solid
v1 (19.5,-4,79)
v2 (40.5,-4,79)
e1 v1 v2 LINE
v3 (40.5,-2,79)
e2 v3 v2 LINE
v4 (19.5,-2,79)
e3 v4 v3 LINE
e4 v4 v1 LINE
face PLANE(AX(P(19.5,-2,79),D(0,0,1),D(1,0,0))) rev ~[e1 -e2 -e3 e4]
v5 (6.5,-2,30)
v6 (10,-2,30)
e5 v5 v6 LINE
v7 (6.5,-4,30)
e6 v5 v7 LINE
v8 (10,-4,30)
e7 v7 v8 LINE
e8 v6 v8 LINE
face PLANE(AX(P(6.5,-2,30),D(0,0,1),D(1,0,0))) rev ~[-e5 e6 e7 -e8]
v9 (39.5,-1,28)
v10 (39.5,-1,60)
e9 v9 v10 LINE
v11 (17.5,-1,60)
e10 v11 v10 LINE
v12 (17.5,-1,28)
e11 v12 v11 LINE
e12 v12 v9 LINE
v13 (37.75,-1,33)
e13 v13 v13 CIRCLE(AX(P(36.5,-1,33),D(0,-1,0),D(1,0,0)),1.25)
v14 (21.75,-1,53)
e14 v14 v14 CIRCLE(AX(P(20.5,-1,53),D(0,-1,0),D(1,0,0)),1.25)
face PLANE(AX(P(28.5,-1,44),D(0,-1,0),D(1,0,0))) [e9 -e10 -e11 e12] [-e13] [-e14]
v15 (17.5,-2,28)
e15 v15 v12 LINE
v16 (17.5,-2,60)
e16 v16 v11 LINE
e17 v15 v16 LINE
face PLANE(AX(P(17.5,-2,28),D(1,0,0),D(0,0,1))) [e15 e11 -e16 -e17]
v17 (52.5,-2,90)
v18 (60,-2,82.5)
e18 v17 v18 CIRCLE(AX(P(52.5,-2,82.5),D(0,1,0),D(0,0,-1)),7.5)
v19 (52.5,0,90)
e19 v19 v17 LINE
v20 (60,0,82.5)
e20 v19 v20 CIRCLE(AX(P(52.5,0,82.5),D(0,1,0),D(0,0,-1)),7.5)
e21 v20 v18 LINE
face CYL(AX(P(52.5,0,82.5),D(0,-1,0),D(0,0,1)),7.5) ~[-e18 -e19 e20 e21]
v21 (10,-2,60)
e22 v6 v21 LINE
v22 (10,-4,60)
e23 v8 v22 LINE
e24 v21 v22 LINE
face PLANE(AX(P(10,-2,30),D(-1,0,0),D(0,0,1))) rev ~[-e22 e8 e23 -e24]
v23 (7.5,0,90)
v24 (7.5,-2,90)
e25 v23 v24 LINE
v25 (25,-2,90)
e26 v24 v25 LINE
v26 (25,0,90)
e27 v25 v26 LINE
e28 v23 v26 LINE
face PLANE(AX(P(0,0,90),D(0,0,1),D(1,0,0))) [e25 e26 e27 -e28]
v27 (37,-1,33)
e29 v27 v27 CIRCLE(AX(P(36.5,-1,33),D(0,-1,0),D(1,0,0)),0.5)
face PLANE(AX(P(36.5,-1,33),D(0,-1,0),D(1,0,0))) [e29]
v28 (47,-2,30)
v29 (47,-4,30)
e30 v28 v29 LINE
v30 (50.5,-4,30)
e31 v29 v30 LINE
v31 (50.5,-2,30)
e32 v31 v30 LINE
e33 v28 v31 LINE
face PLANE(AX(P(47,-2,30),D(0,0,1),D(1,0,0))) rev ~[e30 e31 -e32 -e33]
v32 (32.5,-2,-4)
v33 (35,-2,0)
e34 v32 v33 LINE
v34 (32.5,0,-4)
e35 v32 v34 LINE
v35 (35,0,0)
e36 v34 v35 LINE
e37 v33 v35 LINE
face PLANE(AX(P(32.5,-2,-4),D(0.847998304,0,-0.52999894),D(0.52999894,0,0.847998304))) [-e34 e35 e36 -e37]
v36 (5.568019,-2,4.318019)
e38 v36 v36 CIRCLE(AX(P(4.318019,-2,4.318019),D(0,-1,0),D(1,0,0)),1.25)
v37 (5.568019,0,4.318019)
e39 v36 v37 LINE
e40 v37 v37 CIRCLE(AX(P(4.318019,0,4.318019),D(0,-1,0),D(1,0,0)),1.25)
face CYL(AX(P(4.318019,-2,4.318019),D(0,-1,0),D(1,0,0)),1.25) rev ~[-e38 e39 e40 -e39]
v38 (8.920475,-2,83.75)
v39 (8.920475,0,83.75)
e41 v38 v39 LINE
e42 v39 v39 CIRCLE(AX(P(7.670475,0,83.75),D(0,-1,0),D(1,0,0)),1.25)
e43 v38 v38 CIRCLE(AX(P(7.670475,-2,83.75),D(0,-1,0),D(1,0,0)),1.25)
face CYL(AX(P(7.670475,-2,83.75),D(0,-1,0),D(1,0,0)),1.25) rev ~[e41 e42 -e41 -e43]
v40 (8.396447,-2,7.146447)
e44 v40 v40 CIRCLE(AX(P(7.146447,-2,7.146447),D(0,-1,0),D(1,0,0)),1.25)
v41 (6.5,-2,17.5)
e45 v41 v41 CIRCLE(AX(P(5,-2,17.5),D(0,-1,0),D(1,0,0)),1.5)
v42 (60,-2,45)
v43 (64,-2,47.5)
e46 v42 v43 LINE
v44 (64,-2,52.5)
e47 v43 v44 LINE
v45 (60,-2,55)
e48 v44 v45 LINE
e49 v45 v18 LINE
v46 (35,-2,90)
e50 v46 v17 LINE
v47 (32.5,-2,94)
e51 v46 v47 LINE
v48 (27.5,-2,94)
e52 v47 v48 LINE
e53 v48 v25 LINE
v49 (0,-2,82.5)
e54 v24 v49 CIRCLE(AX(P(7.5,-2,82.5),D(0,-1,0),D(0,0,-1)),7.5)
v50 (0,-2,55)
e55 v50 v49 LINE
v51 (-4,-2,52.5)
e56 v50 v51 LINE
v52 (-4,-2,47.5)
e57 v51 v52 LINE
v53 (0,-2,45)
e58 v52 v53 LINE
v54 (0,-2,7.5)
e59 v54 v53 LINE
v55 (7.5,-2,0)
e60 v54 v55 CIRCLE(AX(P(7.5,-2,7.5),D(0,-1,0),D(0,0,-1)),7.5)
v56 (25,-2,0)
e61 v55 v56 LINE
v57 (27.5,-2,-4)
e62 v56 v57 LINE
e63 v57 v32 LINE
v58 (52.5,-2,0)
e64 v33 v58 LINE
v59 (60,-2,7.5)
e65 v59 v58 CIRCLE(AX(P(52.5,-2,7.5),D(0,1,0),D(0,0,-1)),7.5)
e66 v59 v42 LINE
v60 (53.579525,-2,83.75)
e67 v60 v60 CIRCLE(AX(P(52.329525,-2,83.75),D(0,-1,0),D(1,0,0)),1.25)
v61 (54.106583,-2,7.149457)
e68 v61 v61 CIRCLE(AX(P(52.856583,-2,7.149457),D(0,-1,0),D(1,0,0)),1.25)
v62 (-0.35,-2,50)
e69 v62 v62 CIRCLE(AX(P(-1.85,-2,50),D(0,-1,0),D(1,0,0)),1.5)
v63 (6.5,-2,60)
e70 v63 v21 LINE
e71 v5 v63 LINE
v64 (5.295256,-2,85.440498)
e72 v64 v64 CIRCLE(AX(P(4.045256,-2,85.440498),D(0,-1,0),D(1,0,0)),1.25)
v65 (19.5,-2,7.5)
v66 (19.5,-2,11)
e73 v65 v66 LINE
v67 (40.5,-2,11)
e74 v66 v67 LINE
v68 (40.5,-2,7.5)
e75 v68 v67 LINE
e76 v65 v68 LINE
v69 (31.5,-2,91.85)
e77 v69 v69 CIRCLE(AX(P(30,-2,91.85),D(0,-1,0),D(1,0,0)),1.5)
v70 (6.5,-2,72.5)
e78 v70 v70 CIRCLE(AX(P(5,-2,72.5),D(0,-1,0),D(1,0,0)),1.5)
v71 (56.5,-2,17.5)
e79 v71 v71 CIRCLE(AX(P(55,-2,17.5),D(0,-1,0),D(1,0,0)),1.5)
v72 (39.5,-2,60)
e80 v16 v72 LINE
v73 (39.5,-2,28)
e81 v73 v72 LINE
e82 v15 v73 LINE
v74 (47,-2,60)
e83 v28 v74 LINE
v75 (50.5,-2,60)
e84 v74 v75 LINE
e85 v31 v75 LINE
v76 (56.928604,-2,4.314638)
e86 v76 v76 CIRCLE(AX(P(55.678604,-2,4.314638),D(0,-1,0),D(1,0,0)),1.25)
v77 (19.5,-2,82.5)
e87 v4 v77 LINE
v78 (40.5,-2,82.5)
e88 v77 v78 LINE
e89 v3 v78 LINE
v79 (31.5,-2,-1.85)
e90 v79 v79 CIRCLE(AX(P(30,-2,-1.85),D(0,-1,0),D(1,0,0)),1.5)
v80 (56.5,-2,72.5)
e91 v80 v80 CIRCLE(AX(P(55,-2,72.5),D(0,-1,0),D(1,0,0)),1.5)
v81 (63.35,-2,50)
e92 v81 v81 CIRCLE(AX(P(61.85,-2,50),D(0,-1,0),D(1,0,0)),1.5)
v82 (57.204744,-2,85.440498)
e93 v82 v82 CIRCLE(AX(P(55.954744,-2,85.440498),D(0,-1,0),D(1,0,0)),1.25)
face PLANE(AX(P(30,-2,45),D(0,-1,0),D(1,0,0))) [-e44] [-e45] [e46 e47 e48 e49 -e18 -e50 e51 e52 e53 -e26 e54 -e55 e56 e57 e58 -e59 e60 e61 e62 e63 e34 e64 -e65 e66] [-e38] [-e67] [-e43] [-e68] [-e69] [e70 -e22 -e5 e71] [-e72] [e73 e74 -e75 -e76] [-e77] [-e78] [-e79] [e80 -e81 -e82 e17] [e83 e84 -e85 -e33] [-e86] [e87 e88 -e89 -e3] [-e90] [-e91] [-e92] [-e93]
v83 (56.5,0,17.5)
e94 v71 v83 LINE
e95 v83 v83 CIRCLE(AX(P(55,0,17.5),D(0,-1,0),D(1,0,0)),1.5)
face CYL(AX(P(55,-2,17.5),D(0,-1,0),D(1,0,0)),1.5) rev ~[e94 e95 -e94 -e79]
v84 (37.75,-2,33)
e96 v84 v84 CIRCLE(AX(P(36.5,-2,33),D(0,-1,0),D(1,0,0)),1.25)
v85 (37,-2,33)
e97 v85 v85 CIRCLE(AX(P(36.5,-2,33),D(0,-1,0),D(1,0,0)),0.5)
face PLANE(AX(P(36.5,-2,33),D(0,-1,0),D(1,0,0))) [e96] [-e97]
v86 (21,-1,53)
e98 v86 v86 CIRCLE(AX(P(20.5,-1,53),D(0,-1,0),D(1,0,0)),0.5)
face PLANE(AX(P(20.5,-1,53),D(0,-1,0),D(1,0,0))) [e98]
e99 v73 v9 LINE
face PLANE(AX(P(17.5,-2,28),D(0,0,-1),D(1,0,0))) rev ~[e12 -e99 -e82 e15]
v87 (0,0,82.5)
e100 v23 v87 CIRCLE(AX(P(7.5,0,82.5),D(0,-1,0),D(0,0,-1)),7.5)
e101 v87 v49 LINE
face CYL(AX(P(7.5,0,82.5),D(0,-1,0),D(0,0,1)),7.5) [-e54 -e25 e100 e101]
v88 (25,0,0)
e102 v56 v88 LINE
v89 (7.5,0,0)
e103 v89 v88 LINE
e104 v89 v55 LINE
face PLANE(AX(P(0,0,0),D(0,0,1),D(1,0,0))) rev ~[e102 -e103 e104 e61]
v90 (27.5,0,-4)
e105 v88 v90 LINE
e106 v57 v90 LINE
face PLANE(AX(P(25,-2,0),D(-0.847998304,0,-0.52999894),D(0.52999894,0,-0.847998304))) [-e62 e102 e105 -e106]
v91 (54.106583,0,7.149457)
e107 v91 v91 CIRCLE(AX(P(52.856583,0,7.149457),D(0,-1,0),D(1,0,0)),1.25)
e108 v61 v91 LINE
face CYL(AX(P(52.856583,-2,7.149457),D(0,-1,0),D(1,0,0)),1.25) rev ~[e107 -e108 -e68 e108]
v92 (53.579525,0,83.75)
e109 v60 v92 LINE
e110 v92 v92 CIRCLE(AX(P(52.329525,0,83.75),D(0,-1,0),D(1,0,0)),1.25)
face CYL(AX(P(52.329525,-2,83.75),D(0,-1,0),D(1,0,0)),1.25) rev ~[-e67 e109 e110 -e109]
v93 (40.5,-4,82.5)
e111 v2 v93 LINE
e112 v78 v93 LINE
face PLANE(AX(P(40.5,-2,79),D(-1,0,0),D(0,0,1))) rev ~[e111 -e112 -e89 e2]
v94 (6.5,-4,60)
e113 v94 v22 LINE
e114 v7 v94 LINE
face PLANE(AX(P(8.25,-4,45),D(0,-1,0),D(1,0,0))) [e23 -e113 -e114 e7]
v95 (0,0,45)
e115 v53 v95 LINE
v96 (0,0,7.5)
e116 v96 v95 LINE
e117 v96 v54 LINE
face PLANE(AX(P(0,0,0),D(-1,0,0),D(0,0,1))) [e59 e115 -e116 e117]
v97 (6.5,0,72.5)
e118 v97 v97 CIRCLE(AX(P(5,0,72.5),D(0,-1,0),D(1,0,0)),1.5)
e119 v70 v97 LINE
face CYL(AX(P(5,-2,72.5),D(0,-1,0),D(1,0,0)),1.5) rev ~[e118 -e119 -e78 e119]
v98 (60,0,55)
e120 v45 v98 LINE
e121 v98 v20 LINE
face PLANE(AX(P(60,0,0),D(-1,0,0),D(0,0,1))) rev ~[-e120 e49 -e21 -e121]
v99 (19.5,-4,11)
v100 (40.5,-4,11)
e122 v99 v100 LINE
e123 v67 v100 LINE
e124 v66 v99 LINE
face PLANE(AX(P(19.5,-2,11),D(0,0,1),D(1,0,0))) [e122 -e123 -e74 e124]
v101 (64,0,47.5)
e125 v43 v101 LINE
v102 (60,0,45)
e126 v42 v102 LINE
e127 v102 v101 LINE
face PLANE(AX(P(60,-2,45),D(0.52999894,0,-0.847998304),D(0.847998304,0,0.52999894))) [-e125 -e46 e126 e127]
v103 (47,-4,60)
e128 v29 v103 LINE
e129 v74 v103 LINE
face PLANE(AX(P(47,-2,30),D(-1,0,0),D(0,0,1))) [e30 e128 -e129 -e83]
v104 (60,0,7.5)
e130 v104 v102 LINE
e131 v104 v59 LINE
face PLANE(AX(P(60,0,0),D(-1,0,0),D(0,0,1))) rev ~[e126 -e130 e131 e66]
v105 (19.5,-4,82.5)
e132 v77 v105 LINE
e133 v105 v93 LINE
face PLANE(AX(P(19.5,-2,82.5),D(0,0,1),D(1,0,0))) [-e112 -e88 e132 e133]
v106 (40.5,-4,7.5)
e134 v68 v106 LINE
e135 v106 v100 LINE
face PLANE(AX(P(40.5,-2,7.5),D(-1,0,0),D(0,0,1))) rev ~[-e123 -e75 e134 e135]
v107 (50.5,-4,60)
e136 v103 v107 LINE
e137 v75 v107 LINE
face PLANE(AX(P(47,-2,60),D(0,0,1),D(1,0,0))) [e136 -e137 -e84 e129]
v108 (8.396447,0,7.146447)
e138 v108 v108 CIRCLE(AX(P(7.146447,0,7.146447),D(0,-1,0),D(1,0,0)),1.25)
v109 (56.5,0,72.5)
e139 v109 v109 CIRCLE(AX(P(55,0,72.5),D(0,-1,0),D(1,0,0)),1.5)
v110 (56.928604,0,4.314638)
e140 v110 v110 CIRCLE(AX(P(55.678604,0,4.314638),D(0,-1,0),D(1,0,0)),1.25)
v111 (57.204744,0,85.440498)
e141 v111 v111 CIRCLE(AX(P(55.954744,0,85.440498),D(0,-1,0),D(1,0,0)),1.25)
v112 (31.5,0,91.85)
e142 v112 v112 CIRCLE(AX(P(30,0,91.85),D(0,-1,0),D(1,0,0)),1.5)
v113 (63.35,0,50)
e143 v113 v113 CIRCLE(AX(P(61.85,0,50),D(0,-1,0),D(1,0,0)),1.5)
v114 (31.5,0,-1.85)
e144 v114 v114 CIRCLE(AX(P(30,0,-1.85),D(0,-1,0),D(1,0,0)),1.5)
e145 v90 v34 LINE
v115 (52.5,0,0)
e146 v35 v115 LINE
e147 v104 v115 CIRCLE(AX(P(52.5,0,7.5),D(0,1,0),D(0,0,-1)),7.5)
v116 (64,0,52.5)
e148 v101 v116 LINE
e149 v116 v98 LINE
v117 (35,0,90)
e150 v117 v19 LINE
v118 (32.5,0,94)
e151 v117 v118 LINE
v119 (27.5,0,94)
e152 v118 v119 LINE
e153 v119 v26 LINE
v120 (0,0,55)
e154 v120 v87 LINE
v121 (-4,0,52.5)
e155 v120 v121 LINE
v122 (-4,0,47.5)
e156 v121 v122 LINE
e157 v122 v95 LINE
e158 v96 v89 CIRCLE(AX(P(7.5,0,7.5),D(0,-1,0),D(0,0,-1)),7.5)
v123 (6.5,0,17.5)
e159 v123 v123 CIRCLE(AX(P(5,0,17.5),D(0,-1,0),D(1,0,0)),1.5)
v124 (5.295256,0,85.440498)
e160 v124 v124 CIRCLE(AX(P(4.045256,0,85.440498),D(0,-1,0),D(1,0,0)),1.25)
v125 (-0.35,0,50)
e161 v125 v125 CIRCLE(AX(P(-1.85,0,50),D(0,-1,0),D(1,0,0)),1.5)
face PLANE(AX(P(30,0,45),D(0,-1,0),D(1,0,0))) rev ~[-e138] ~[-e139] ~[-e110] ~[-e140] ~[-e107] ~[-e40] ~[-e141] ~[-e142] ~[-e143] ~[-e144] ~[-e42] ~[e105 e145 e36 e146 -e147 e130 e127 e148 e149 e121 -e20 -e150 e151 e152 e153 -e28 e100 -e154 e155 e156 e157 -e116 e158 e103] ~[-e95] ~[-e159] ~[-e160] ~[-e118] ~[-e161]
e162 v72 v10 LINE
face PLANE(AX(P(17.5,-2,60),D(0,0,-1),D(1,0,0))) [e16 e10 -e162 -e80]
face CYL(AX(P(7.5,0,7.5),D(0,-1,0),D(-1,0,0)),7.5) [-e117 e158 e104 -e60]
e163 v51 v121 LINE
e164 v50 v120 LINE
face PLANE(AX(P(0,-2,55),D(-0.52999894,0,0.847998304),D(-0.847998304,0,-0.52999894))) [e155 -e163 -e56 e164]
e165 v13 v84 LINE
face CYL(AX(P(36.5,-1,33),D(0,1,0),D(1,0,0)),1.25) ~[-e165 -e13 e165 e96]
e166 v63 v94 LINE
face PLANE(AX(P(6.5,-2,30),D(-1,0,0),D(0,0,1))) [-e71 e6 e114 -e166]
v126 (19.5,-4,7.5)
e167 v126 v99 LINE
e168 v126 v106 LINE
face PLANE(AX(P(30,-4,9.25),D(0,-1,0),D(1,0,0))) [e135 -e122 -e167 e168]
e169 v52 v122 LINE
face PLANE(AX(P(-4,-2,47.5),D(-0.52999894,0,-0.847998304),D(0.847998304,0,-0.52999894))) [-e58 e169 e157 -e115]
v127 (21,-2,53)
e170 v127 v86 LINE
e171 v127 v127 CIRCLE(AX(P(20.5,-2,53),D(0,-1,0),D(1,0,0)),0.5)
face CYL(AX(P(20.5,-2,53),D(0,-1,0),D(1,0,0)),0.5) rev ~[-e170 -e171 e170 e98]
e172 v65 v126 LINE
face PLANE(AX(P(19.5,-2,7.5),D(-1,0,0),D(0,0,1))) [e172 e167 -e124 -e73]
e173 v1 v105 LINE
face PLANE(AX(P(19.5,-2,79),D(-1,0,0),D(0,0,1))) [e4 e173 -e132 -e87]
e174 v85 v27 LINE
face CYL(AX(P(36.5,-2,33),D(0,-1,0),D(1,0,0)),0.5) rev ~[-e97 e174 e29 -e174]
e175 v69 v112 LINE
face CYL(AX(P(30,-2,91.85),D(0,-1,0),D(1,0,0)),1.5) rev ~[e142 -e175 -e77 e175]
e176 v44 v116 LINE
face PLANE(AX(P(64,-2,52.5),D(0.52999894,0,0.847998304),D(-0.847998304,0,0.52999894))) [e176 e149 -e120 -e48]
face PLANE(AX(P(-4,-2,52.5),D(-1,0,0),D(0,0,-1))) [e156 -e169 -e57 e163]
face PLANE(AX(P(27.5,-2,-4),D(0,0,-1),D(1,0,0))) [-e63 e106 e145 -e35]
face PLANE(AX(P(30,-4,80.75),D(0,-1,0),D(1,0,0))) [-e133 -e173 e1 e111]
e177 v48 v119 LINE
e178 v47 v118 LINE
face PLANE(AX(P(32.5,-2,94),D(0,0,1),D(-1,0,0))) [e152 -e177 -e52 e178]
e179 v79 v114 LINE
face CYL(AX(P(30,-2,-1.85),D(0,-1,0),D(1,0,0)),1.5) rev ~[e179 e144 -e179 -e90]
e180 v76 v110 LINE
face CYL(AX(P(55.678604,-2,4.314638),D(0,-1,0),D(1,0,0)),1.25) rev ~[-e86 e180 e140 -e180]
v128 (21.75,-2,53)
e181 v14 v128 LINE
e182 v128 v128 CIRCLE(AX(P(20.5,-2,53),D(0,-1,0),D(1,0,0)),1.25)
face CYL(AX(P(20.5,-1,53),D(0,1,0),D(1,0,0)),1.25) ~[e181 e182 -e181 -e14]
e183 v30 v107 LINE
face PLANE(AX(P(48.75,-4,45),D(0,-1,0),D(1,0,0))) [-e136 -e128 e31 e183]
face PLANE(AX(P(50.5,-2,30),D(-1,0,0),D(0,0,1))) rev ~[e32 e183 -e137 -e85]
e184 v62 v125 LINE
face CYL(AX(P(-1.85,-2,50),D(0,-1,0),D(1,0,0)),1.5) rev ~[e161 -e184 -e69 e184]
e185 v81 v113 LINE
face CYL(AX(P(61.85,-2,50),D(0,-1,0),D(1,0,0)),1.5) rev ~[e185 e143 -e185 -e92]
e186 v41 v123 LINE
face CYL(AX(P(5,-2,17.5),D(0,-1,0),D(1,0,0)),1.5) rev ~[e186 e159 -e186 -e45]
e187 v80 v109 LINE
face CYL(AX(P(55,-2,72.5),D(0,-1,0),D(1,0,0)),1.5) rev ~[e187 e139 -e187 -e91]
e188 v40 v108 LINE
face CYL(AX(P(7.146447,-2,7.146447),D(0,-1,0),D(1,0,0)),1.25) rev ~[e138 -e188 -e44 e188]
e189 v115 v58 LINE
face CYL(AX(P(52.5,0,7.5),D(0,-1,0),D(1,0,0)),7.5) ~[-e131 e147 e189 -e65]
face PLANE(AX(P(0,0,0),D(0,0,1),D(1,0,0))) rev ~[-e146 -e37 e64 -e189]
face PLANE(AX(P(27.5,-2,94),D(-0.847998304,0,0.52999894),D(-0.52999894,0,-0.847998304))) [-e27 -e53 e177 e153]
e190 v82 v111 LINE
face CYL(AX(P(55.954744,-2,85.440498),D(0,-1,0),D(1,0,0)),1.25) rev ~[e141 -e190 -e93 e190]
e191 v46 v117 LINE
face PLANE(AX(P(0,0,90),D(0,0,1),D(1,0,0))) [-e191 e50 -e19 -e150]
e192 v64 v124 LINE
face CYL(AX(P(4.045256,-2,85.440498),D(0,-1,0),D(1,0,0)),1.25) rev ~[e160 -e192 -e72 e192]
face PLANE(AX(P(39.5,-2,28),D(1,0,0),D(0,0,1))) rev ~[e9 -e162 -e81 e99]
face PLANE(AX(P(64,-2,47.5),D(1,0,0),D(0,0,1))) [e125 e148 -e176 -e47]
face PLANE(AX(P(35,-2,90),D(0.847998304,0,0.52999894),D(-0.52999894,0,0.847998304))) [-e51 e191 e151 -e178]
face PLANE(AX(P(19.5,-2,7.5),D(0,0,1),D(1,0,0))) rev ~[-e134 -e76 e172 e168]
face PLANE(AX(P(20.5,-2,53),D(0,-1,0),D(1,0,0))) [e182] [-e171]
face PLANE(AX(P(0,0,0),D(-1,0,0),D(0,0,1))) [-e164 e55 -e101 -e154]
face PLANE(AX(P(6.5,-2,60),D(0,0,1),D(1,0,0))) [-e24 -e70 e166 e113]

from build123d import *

# Parameters (mm, degrees)
F0_W      = 60
F0_H      = 90
F1_DEPTH  = 2
F2_W      = 22
F2_H      = 32
F3_DEPTH  = 1
F4_R      = 1.25
F5_DEPTH  = 1
F6_R      = 0.5
F7_DEPTH  = 1
F8_R      = 7.5
F9_R      = 7.5
F11_DEPTH = 2
F12_R     = 1.5
F13_DEPTH = 3
F14_W     = 3.5
F14_H     = 30
F15_DEPTH = 2
F16_W     = 21
F16_H     = 3.5
F17_DEPTH = 2
F18_W     = 21
F18_H     = 3.5
F19_DEPTH = 2
F20_R     = 1.25
F21_DEPTH = 25
F22_R     = 1.5
F23_DEPTH = 25


with BuildPart() as f1:
    # F0 (on Front) → F1 (new body)
    with BuildSketch(Plane.XZ):
        with Locations((30, 45)):
            Rectangle(F0_W, F0_H)
    extrude(amount=F1_DEPTH)

    # F2 (on face) → F3 (cut)
    with BuildSketch(Plane.XZ.offset(2)):
        with Locations((28.5, 44)):
            Rectangle(F2_W, F2_H)
    extrude(amount=-F3_DEPTH, mode=Mode.SUBTRACT)

    # F4 (on face) → F5 (join)
    with BuildSketch(Plane.XZ.offset(1)):
        with Locations((20.5, 53)):
            Circle(F4_R)
        with Locations((36.5, 33)):
            Circle(F4_R)
    extrude(amount=F5_DEPTH)

    # F6 (on face) → F7 (cut)
    with BuildSketch(Plane.XZ.offset(2)):
        with Locations((20.5, 53)):
            Circle(F6_R)
        with Locations((36.5, 33)):
            Circle(F6_R)
    extrude(amount=-F7_DEPTH, mode=Mode.SUBTRACT)

    # F8
    f8_edges = [f1.edges().sort_by_distance(p)[0] for p in [
        (60, -1, 90),
    ]]
    fillet(f8_edges, radius=F8_R)

    # F9
    f9_edges = [f1.edges().sort_by_distance(p)[0] for p in [
        (0, -1, 90),
        (0, -1, 0),
        (60, -1, 0),
    ]]
    fillet(f9_edges, radius=F9_R)

    # F10 (on face) → F11 (join)
    with BuildSketch(Plane.XZ.offset(2)):
        Polygon((0, 45), (0, 55), (-4, 52.5), (-4, 47.5), align=None)
        Polygon((64, 52.5), (60, 55), (60, 45), (64, 47.5), align=None)
        Polygon((27.5, 94), (25, 90), (35, 90), (32.5, 94), align=None)
        Polygon((35, 0), (25, 0), (27.5, -4), (32.5, -4), align=None)
    extrude(amount=-F11_DEPTH)

    # F12 (on face) → F13 (cut)
    with BuildSketch(Plane.XZ.offset(2)):
        with Locations((30, 91.85)):
            Circle(F12_R)
        with Locations((61.85, 50)):
            Circle(F12_R)
        with Locations((30, -1.85)):
            Circle(F12_R)
        with Locations((-1.85, 50)):
            Circle(F12_R)
    extrude(amount=-F13_DEPTH, mode=Mode.SUBTRACT)

    # F14 (on face) → F15 (join)
    with BuildSketch(Plane.XZ.offset(2)):
        with Locations((8.25, 45)):
            Rectangle(F14_W, F14_H)
        with Locations((48.75, 45)):
            Rectangle(F14_W, F14_H)
    extrude(amount=F15_DEPTH)

    # F16 (on face) → F17 (join)
    with BuildSketch(Plane.XZ.offset(2)):
        with Locations((30, 9.25)):
            Rectangle(F16_W, F16_H)
    extrude(amount=F17_DEPTH)

    # F18 (on face) → F19 (join)
    with BuildSketch(Plane.XZ.offset(2)):
        with Locations((30, 80.75)):
            Rectangle(F18_W, F18_H)
    extrude(amount=F19_DEPTH)

    # F20 (on face) → F21 (cut)
    with BuildSketch(Plane.XZ.offset(2)):
        with Locations((4.0452558799, 85.4404978659)):
            Circle(F20_R)
        with Locations((55.9547441201, 85.4404978659)):
            Circle(F20_R)
        with Locations((55.6786040567, 4.3146376432)):
            Circle(F20_R)
        with Locations((4.3180194842, 4.3180194851)):
            Circle(F20_R)
        with Locations((7.146446609, 7.1464466098)):
            Circle(F20_R)
        with Locations((52.8565831787, 7.1494565376)):
            Circle(F20_R)
        with Locations((52.3295245454, 83.75)):
            Circle(F20_R)
        with Locations((7.6704754546, 83.75)):
            Circle(F20_R)
    extrude(amount=-F21_DEPTH, mode=Mode.SUBTRACT)

    # F22 (on face) → F23 (cut)
    with BuildSketch(Plane.XZ.offset(2)):
        with Locations((5, 72.5)):
            Circle(F22_R)
        with Locations((5, 17.5)):
            Circle(F22_R)
        with Locations((55, 72.5)):
            Circle(F22_R)
        with Locations((55, 17.5)):
            Circle(F22_R)
    extrude(amount=-F23_DEPTH, mode=Mode.SUBTRACT)


solid = f1.part
